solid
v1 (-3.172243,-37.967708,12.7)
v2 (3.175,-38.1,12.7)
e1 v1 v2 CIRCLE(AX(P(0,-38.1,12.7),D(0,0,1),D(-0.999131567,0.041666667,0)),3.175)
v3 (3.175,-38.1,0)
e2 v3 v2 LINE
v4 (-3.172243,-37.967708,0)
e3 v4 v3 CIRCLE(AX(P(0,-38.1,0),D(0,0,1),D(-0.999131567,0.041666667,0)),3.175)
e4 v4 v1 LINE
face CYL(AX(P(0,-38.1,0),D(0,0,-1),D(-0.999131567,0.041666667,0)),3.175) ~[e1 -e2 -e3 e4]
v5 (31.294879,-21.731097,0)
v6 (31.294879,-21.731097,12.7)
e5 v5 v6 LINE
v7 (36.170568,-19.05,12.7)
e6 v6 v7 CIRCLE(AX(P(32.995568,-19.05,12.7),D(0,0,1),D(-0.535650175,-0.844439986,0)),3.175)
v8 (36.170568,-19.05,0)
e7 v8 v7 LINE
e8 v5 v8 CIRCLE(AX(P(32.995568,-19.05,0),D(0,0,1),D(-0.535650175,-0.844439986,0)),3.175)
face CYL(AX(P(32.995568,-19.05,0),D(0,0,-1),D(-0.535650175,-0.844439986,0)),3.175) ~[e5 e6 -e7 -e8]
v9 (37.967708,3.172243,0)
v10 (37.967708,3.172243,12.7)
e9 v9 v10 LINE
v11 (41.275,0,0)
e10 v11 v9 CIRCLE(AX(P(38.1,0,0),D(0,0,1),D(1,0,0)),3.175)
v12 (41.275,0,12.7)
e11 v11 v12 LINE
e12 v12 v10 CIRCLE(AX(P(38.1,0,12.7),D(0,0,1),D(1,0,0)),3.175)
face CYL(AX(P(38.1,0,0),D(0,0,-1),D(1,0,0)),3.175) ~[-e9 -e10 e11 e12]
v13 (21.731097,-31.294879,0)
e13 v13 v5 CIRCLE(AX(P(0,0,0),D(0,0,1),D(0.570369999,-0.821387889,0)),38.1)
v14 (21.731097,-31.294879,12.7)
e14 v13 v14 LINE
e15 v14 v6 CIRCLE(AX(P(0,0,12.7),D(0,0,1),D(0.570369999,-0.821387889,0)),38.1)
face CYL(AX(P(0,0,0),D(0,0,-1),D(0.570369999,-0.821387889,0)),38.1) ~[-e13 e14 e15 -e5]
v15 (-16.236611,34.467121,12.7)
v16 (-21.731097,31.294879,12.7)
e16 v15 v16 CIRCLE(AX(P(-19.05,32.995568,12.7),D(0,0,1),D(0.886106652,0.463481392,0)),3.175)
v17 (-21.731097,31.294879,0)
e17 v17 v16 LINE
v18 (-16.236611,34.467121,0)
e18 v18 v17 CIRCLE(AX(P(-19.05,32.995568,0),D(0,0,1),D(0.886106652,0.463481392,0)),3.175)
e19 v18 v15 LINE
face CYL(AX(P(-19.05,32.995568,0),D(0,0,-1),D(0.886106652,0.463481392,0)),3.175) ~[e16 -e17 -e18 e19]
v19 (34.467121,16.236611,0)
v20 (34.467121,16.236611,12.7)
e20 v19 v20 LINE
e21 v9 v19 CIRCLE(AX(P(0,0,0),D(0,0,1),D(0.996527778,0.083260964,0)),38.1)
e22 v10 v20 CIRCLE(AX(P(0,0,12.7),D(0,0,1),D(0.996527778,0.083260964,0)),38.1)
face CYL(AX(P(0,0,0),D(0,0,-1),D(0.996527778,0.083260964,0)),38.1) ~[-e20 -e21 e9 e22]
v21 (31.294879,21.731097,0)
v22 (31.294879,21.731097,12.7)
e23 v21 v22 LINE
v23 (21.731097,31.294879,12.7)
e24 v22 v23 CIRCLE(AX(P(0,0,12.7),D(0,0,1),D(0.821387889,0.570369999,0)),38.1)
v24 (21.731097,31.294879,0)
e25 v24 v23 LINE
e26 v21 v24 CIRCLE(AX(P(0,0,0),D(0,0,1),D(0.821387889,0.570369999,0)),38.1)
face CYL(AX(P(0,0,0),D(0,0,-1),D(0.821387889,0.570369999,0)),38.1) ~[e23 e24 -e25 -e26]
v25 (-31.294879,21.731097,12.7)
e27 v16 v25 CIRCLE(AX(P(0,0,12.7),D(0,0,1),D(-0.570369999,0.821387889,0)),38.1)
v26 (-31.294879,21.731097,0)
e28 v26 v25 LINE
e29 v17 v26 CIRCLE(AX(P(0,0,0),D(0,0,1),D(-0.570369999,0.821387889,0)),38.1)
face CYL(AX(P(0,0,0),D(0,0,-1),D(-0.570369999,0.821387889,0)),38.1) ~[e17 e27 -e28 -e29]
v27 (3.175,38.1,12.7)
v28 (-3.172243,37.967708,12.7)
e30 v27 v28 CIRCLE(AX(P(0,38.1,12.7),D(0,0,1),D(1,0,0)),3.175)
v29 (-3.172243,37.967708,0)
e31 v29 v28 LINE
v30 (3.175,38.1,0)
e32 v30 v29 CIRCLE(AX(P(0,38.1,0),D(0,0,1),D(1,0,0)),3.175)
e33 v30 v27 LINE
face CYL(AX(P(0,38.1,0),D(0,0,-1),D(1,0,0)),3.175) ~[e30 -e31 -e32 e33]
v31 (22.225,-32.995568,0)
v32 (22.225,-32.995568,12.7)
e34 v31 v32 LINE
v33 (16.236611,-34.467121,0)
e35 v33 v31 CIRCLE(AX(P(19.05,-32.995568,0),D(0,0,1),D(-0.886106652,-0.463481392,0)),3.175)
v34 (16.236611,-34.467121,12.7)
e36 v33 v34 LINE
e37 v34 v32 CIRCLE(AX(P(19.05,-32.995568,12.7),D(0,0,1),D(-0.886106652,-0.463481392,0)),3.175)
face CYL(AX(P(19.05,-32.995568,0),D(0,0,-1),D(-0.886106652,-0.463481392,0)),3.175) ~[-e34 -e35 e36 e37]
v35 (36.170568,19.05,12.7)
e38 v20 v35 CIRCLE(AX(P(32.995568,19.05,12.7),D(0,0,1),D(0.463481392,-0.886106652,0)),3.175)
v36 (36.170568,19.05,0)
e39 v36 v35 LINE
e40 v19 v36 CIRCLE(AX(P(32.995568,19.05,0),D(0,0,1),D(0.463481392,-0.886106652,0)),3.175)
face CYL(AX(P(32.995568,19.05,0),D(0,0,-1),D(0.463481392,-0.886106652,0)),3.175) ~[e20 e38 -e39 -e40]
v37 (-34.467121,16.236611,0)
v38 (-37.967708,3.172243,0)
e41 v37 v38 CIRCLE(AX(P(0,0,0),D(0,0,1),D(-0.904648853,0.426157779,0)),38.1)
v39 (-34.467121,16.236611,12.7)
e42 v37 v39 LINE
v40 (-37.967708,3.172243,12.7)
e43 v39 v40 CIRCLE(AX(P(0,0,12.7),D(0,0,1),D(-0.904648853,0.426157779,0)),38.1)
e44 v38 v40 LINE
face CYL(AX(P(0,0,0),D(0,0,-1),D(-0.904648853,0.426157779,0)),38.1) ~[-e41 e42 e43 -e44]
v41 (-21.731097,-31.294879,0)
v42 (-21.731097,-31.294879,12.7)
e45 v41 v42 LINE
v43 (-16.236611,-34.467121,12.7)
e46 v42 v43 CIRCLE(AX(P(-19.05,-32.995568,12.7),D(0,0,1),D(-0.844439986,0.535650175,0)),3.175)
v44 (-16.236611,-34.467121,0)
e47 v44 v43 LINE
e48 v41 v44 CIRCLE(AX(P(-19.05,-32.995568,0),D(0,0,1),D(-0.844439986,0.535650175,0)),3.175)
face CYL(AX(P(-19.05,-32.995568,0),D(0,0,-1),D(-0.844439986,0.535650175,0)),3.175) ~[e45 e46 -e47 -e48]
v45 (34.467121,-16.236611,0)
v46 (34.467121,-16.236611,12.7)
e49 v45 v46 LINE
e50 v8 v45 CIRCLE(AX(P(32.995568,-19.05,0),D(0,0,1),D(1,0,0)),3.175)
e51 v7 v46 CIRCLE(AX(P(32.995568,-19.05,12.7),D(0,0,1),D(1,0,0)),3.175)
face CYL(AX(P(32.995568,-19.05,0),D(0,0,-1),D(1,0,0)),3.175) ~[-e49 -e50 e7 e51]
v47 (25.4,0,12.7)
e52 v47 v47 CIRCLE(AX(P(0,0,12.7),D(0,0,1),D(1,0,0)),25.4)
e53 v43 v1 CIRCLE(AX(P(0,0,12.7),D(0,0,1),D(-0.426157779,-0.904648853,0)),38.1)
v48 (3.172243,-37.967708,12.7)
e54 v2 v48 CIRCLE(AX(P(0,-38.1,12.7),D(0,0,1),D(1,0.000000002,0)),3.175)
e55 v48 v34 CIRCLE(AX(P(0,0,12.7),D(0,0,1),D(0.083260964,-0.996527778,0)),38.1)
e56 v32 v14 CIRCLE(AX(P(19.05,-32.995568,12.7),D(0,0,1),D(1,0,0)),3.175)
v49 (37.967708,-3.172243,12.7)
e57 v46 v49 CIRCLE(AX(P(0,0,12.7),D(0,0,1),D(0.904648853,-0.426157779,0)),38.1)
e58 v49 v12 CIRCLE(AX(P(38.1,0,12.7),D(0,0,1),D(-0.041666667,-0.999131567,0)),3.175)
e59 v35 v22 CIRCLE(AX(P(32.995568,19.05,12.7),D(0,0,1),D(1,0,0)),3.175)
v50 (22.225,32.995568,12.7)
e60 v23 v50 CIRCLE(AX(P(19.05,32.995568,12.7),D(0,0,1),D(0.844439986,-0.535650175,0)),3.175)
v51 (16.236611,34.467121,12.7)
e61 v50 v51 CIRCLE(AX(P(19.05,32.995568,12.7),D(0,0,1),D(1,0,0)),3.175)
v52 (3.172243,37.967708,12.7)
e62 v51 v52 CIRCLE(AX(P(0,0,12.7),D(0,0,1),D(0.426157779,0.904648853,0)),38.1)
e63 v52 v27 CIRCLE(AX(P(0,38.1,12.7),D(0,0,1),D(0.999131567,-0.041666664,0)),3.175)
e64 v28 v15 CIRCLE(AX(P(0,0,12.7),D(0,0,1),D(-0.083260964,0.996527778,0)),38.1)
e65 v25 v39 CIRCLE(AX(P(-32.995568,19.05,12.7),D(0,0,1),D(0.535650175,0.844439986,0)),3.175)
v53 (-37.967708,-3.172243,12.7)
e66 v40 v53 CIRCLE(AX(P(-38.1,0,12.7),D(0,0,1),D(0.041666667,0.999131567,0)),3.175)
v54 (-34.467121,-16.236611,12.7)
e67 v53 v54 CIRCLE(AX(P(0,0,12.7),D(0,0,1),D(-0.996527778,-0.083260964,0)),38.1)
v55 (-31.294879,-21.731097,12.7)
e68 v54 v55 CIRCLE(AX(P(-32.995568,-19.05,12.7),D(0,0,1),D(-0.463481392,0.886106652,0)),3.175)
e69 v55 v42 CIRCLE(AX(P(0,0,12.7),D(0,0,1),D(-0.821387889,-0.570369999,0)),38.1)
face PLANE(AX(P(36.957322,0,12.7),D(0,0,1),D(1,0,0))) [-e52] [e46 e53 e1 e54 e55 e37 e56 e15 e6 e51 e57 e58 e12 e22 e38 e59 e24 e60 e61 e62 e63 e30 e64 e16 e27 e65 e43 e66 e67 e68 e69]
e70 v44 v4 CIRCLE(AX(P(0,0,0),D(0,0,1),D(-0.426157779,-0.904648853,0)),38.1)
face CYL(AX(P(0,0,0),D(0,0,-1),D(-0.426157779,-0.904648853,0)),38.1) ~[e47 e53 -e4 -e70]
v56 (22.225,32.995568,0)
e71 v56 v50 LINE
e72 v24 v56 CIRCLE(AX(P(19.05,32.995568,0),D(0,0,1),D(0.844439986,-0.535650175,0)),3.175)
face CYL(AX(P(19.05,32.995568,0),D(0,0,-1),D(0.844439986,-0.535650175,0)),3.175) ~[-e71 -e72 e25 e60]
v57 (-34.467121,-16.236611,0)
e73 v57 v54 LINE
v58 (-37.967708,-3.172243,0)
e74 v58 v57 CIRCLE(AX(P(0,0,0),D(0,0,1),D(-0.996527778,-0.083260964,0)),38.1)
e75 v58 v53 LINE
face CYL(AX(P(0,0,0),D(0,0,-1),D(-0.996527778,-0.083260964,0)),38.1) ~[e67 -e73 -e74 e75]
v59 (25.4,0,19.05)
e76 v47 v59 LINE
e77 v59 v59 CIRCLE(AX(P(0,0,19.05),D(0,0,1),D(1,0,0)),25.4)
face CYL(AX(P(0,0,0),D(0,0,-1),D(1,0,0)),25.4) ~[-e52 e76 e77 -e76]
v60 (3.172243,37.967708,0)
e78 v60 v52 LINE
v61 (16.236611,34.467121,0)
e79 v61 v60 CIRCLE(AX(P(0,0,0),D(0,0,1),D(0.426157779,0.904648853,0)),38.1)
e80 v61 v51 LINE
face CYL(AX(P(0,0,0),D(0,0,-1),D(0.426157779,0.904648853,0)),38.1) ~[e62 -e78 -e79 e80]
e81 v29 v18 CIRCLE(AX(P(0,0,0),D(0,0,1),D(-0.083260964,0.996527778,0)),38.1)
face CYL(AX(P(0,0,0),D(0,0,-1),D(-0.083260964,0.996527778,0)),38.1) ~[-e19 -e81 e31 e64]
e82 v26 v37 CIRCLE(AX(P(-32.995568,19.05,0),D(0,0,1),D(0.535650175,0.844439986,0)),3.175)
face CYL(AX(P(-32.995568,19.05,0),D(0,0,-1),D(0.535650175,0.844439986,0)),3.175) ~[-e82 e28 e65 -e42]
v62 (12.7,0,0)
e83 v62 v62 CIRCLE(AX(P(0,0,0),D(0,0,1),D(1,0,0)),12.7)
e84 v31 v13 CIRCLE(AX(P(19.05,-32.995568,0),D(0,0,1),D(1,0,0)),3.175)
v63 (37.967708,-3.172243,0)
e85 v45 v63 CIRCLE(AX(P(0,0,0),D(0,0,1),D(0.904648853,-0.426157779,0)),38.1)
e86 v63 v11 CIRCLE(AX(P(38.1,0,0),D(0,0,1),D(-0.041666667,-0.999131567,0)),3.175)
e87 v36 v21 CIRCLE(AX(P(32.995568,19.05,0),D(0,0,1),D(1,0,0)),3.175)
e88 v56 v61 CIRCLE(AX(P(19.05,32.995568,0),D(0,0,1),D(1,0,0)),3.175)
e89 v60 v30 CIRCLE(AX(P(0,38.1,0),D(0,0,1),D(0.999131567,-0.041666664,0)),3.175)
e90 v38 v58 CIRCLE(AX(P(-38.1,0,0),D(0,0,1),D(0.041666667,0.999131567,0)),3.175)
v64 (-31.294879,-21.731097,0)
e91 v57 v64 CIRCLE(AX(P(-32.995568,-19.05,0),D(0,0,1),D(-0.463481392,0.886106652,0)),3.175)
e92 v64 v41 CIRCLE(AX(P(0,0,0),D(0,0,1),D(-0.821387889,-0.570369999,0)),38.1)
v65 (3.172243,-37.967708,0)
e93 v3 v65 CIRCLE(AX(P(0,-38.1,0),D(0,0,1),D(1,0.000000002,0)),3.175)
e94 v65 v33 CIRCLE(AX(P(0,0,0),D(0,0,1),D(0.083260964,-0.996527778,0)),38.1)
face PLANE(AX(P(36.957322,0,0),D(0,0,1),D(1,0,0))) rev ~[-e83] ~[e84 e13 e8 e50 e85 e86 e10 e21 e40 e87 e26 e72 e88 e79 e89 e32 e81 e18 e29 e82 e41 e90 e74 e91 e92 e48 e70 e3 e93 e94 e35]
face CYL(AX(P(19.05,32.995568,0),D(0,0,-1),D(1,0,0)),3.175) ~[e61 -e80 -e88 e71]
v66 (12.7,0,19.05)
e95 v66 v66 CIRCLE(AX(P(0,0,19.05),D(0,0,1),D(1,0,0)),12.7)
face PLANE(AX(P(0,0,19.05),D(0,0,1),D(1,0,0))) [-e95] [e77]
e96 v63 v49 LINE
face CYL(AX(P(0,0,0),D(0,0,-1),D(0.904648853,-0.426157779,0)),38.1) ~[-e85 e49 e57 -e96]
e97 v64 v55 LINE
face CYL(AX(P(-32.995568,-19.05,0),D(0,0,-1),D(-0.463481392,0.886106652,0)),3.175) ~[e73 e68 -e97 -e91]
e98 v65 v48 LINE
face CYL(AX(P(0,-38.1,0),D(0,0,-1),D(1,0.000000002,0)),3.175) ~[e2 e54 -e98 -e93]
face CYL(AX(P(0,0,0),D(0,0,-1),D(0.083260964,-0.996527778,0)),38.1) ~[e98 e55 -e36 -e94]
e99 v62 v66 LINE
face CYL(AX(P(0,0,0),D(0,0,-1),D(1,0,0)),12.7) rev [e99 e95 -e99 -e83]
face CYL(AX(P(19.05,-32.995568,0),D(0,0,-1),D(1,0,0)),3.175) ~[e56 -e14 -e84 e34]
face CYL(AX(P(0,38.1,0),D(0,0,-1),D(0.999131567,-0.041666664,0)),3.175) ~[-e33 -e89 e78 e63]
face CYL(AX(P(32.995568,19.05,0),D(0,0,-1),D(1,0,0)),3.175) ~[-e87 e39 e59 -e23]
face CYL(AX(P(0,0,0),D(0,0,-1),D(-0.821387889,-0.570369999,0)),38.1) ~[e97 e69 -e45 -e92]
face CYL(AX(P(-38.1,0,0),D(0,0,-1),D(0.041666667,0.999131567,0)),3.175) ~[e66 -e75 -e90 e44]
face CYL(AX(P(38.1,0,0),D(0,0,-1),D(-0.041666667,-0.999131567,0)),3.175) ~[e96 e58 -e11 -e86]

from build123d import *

# Parameters (mm, degrees)
F0_R     = 25.4
F1_DEPTH = 12.7
F0_R_2   = 12.7
F2_DEPTH = 19.05


with BuildPart() as f1:
    # F0 (on Top) → F1 (new body)
    with BuildSketch(Plane.XY):
        with BuildLine():
            ThreePointArc((37.9677083333, -3.1722427264), (38.0669127163, -1.5875), (38.1, 0))
            ThreePointArc((38.1, 0), (38.0669127163, 1.5875), (37.9677083333, 3.1722427264))
            ThreePointArc((37.9677083333, 3.1722427264), (34.925, 0), (37.9677083333, -3.1722427264))
        make_face()
        with BuildLine():
            ThreePointArc((37.9677083333, 3.1722427264), (38.0669127163, 1.5875), (38.1, 0))
            ThreePointArc((38.1, 0), (38.0669127163, -1.5875), (37.9677083333, -3.1722427264))
            ThreePointArc((37.9677083333, -3.1722427264), (40.2977942304, -2.2913588808), (41.275, 0))
            ThreePointArc((41.275, 0), (40.2977942304, 2.2913588808), (37.9677083333, 3.1722427264))
        make_face()
        with BuildLine():
            ThreePointArc((37.9677083333, -3.1722427264), (34.925, 0), (37.9677083333, 3.1722427264))
            ThreePointArc((37.9677083333, 3.1722427264), (36.8017739816, 9.8610056184), (34.4671213033, 16.2366113787))
            ThreePointArc((34.4671213033, 16.2366113787), (30.2459372272, 17.4625), (31.294878577, 21.7310969547))
            ThreePointArc((31.294878577, 21.7310969547), (26.9407683632, 26.9407683632), (21.7310969547, 31.294878577))
            ThreePointArc((21.7310969547, 31.294878577), (17.4625, 30.2459372272), (16.2366113787, 34.4671213033))
            ThreePointArc((16.2366113787, 34.4671213033), (9.8610056184, 36.8017739816), (3.1722427264, 37.9677083333))
            ThreePointArc((3.1722427264, 37.9677083333), (0, 34.925), (-3.1722427264, 37.9677083333))
            ThreePointArc((-3.1722427264, 37.9677083333), (-9.8610056184, 36.8017739816), (-16.2366113787, 34.4671213033))
            ThreePointArc((-16.2366113787, 34.4671213033), (-15.9667278848, 33.7532340796), (-15.875, 32.9955678842))
            ThreePointArc((-15.875, 32.9955678842), (-18.1645221152, 29.9465428079), (-21.7310969547, 31.294878577))
            ThreePointArc((-21.7310969547, 31.294878577), (-26.9407683632, 26.9407683632), (-31.294878577, 21.7310969547))
            ThreePointArc((-31.294878577, 21.7310969547), (-30.2134541598, 20.5798588905), (-29.8205678842, 19.05))
            ThreePointArc((-29.8205678842, 19.05), (-31.3511161679, 16.3340464745), (-34.4671213033, 16.2366113787))
            ThreePointArc((-34.4671213033, 16.2366113787), (-36.8017739816, 9.8610056184), (-37.9677083333, 3.1722427264))
            ThreePointArc((-37.9677083333, 3.1722427264), (-35.8086411192, 2.1977942304), (-34.925, 0))
            ThreePointArc((-34.925, 0), (-35.8086411192, -2.1977942304), (-37.9677083333, -3.1722427264))
            ThreePointArc((-37.9677083333, -3.1722427264), (-36.8017739816, -9.8610056184), (-34.4671213033, -16.2366113787))
            ThreePointArc((-34.4671213033, -16.2366113787), (-31.3511161679, -16.3340464745), (-29.8205678842, -19.05))
            ThreePointArc((-29.8205678842, -19.05), (-30.2134541598, -20.5798588905), (-31.294878577, -21.7310969547))
            ThreePointArc((-31.294878577, -21.7310969547), (-26.9407683632, -26.9407683632), (-21.7310969547, -31.294878577))
            ThreePointArc((-21.7310969547, -31.294878577), (-18.1645221152, -29.9465428079), (-15.875, -32.9955678842))
            ThreePointArc((-15.875, -32.9955678842), (-15.9667278848, -33.7532340796), (-16.2366113787, -34.4671213033))
            ThreePointArc((-16.2366113787, -34.4671213033), (-9.8610056184, -36.8017739816), (-3.1722427264, -37.9677083333))
            ThreePointArc((-3.1722427264, -37.9677083333), (0, -34.925), (3.1722427264, -37.9677083333))
            ThreePointArc((3.1722427264, -37.9677083333), (9.8610056184, -36.8017739816), (16.2366113787, -34.4671213033))
            ThreePointArc((16.2366113787, -34.4671213033), (17.4625, -30.2459372272), (21.7310969547, -31.294878577))
            ThreePointArc((21.7310969547, -31.294878577), (26.9407683632, -26.9407683632), (31.294878577, -21.7310969547))
            ThreePointArc((31.294878577, -21.7310969547), (30.2459372272, -17.4625), (34.4671213033, -16.2366113787))
            ThreePointArc((34.4671213033, -16.2366113787), (36.8017739816, -9.8610056184), (37.9677083333, -3.1722427264))
        make_face()
        Circle(F0_R, mode=Mode.SUBTRACT)
        with BuildLine():
            ThreePointArc((31.294878577, 21.7310969547), (30.2459372272, 17.4625), (34.4671213033, 16.2366113787))
            ThreePointArc((34.4671213033, 16.2366113787), (32.9955678842, 19.05), (31.294878577, 21.7310969547))
        make_face()
        with BuildLine():
            ThreePointArc((31.294878577, 21.7310969547), (32.9955678842, 19.05), (34.4671213033, 16.2366113787))
            ThreePointArc((34.4671213033, 16.2366113787), (35.7115214097, 17.4055482837), (36.1705678842, 19.05))
            ThreePointArc((36.1705678842, 19.05), (34.5254267747, 21.8321137243), (31.294878577, 21.7310969547))
        make_face()
        with BuildLine():
            ThreePointArc((36.1705678842, -19.05), (35.7115214097, -17.4055482837), (34.4671213033, -16.2366113787))
            ThreePointArc((34.4671213033, -16.2366113787), (32.9955678842, -19.05), (31.294878577, -21.7310969547))
            ThreePointArc((31.294878577, -21.7310969547), (34.5254267747, -21.8321137243), (36.1705678842, -19.05))
        make_face()
        with BuildLine():
            ThreePointArc((31.294878577, -21.7310969547), (32.9955678842, -19.05), (34.4671213033, -16.2366113787))
            ThreePointArc((34.4671213033, -16.2366113787), (30.2459372272, -17.4625), (31.294878577, -21.7310969547))
        make_face()
        with BuildLine():
            ThreePointArc((16.2366113787, 34.4671213033), (17.4625, 30.2459372272), (21.7310969547, 31.294878577))
            ThreePointArc((21.7310969547, 31.294878577), (19.05, 32.9955678842), (16.2366113787, 34.4671213033))
        make_face()
        with BuildLine():
            ThreePointArc((16.2366113787, 34.4671213033), (19.05, 32.9955678842), (21.7310969547, 31.294878577))
            ThreePointArc((21.7310969547, 31.294878577), (22.0990250762, 32.1100899994), (22.225, 32.9955678842))
            ThreePointArc((22.225, 32.9955678842), (19.8076661954, 36.0788399994), (16.2366113787, 34.4671213033))
        make_face()
        with BuildLine():
            ThreePointArc((22.225, -32.9955678842), (22.0990250762, -32.1100899994), (21.7310969547, -31.294878577))
            ThreePointArc((21.7310969547, -31.294878577), (19.05, -32.9955678842), (16.2366113787, -34.4671213033))
            ThreePointArc((16.2366113787, -34.4671213033), (19.8076661954, -36.0788399994), (22.225, -32.9955678842))
        make_face()
        with BuildLine():
            ThreePointArc((16.2366113787, -34.4671213033), (19.05, -32.9955678842), (21.7310969547, -31.294878577))
            ThreePointArc((21.7310969547, -31.294878577), (17.4625, -30.2459372272), (16.2366113787, -34.4671213033))
        make_face()
        with BuildLine():
            ThreePointArc((-3.1722427264, 37.9677083333), (0, 34.925), (3.1722427264, 37.9677083333))
            ThreePointArc((3.1722427264, 37.9677083333), (0, 38.1), (-3.1722427264, 37.9677083333))
        make_face()
        with BuildLine():
            ThreePointArc((-3.1722427264, 37.9677083333), (0, 38.1), (3.1722427264, 37.9677083333))
            ThreePointArc((3.1722427264, 37.9677083333), (3.1743106067, 38.0338398012), (3.175, 38.1))
            ThreePointArc((3.175, 38.1), (-0.0661601988, 41.2743106067), (-3.1722427264, 37.9677083333))
        make_face()
        with BuildLine():
            ThreePointArc((3.175, -38.1), (3.1743106067, -38.0338398012), (3.1722427264, -37.9677083333))
            ThreePointArc((3.1722427264, -37.9677083333), (0, -38.1), (-3.1722427264, -37.9677083333))
            ThreePointArc((-3.1722427264, -37.9677083333), (-0.0661601988, -41.2743106067), (3.175, -38.1))
        make_face()
        with BuildLine():
            ThreePointArc((-3.1722427264, -37.9677083333), (0, -38.1), (3.1722427264, -37.9677083333))
            ThreePointArc((3.1722427264, -37.9677083333), (0, -34.925), (-3.1722427264, -37.9677083333))
        make_face()
        with BuildLine():
            ThreePointArc((-15.875, 32.9955678842), (-15.9667278848, 33.7532340796), (-16.2366113787, 34.4671213033))
            ThreePointArc((-16.2366113787, 34.4671213033), (-19.05, 32.9955678842), (-21.7310969547, 31.294878577))
            ThreePointArc((-21.7310969547, 31.294878577), (-18.1645221152, 29.9465428079), (-15.875, 32.9955678842))
        make_face()
        with BuildLine():
            ThreePointArc((-21.7310969547, 31.294878577), (-19.05, 32.9955678842), (-16.2366113787, 34.4671213033))
            ThreePointArc((-16.2366113787, 34.4671213033), (-20.6375, 35.7451985412), (-21.7310969547, 31.294878577))
        make_face()
        with BuildLine():
            ThreePointArc((-21.7310969547, -31.294878577), (-20.6375, -35.7451985412), (-16.2366113787, -34.4671213033))
            ThreePointArc((-16.2366113787, -34.4671213033), (-19.05, -32.9955678842), (-21.7310969547, -31.294878577))
        make_face()
        with BuildLine():
            ThreePointArc((-21.7310969547, -31.294878577), (-19.05, -32.9955678842), (-16.2366113787, -34.4671213033))
            ThreePointArc((-16.2366113787, -34.4671213033), (-15.9667278848, -33.7532340796), (-15.875, -32.9955678842))
            ThreePointArc((-15.875, -32.9955678842), (-18.1645221152, -29.9465428079), (-21.7310969547, -31.294878577))
        make_face()
        with BuildLine():
            ThreePointArc((-29.8205678842, 19.05), (-30.2134541598, 20.5798588905), (-31.294878577, 21.7310969547))
            ThreePointArc((-31.294878577, 21.7310969547), (-32.9955678842, 19.05), (-34.4671213033, 16.2366113787))
            ThreePointArc((-34.4671213033, 16.2366113787), (-31.3511161679, 16.3340464745), (-29.8205678842, 19.05))
        make_face()
        with BuildLine():
            ThreePointArc((-34.4671213033, 16.2366113787), (-32.9955678842, 19.05), (-31.294878577, 21.7310969547))
            ThreePointArc((-31.294878577, 21.7310969547), (-35.7451985412, 20.6375), (-34.4671213033, 16.2366113787))
        make_face()
        with BuildLine():
            ThreePointArc((-34.4671213033, -16.2366113787), (-35.7451985412, -20.6375), (-31.294878577, -21.7310969547))
            ThreePointArc((-31.294878577, -21.7310969547), (-32.9955678842, -19.05), (-34.4671213033, -16.2366113787))
        make_face()
        with BuildLine():
            ThreePointArc((-34.4671213033, -16.2366113787), (-32.9955678842, -19.05), (-31.294878577, -21.7310969547))
            ThreePointArc((-31.294878577, -21.7310969547), (-30.2134541598, -20.5798588905), (-29.8205678842, -19.05))
            ThreePointArc((-29.8205678842, -19.05), (-31.3511161679, -16.3340464745), (-34.4671213033, -16.2366113787))
        make_face()
        with BuildLine():
            ThreePointArc((-34.925, 0), (-35.8086411192, 2.1977942304), (-37.9677083333, 3.1722427264))
            ThreePointArc((-37.9677083333, 3.1722427264), (-38.1, 0), (-37.9677083333, -3.1722427264))
            ThreePointArc((-37.9677083333, -3.1722427264), (-35.8086411192, -2.1977942304), (-34.925, 0))
        make_face()
        with BuildLine():
            ThreePointArc((-37.9677083333, -3.1722427264), (-38.1, 0), (-37.9677083333, 3.1722427264))
            ThreePointArc((-37.9677083333, 3.1722427264), (-41.275, 0), (-37.9677083333, -3.1722427264))
        make_face()
    extrude(amount=F1_DEPTH)

    # F0 (on Top) → F2 (join)
    with BuildSketch(Plane.XY):
        Circle(F0_R)
        Circle(F0_R_2, mode=Mode.SUBTRACT)
    extrude(amount=F2_DEPTH)


solid = f1.part
